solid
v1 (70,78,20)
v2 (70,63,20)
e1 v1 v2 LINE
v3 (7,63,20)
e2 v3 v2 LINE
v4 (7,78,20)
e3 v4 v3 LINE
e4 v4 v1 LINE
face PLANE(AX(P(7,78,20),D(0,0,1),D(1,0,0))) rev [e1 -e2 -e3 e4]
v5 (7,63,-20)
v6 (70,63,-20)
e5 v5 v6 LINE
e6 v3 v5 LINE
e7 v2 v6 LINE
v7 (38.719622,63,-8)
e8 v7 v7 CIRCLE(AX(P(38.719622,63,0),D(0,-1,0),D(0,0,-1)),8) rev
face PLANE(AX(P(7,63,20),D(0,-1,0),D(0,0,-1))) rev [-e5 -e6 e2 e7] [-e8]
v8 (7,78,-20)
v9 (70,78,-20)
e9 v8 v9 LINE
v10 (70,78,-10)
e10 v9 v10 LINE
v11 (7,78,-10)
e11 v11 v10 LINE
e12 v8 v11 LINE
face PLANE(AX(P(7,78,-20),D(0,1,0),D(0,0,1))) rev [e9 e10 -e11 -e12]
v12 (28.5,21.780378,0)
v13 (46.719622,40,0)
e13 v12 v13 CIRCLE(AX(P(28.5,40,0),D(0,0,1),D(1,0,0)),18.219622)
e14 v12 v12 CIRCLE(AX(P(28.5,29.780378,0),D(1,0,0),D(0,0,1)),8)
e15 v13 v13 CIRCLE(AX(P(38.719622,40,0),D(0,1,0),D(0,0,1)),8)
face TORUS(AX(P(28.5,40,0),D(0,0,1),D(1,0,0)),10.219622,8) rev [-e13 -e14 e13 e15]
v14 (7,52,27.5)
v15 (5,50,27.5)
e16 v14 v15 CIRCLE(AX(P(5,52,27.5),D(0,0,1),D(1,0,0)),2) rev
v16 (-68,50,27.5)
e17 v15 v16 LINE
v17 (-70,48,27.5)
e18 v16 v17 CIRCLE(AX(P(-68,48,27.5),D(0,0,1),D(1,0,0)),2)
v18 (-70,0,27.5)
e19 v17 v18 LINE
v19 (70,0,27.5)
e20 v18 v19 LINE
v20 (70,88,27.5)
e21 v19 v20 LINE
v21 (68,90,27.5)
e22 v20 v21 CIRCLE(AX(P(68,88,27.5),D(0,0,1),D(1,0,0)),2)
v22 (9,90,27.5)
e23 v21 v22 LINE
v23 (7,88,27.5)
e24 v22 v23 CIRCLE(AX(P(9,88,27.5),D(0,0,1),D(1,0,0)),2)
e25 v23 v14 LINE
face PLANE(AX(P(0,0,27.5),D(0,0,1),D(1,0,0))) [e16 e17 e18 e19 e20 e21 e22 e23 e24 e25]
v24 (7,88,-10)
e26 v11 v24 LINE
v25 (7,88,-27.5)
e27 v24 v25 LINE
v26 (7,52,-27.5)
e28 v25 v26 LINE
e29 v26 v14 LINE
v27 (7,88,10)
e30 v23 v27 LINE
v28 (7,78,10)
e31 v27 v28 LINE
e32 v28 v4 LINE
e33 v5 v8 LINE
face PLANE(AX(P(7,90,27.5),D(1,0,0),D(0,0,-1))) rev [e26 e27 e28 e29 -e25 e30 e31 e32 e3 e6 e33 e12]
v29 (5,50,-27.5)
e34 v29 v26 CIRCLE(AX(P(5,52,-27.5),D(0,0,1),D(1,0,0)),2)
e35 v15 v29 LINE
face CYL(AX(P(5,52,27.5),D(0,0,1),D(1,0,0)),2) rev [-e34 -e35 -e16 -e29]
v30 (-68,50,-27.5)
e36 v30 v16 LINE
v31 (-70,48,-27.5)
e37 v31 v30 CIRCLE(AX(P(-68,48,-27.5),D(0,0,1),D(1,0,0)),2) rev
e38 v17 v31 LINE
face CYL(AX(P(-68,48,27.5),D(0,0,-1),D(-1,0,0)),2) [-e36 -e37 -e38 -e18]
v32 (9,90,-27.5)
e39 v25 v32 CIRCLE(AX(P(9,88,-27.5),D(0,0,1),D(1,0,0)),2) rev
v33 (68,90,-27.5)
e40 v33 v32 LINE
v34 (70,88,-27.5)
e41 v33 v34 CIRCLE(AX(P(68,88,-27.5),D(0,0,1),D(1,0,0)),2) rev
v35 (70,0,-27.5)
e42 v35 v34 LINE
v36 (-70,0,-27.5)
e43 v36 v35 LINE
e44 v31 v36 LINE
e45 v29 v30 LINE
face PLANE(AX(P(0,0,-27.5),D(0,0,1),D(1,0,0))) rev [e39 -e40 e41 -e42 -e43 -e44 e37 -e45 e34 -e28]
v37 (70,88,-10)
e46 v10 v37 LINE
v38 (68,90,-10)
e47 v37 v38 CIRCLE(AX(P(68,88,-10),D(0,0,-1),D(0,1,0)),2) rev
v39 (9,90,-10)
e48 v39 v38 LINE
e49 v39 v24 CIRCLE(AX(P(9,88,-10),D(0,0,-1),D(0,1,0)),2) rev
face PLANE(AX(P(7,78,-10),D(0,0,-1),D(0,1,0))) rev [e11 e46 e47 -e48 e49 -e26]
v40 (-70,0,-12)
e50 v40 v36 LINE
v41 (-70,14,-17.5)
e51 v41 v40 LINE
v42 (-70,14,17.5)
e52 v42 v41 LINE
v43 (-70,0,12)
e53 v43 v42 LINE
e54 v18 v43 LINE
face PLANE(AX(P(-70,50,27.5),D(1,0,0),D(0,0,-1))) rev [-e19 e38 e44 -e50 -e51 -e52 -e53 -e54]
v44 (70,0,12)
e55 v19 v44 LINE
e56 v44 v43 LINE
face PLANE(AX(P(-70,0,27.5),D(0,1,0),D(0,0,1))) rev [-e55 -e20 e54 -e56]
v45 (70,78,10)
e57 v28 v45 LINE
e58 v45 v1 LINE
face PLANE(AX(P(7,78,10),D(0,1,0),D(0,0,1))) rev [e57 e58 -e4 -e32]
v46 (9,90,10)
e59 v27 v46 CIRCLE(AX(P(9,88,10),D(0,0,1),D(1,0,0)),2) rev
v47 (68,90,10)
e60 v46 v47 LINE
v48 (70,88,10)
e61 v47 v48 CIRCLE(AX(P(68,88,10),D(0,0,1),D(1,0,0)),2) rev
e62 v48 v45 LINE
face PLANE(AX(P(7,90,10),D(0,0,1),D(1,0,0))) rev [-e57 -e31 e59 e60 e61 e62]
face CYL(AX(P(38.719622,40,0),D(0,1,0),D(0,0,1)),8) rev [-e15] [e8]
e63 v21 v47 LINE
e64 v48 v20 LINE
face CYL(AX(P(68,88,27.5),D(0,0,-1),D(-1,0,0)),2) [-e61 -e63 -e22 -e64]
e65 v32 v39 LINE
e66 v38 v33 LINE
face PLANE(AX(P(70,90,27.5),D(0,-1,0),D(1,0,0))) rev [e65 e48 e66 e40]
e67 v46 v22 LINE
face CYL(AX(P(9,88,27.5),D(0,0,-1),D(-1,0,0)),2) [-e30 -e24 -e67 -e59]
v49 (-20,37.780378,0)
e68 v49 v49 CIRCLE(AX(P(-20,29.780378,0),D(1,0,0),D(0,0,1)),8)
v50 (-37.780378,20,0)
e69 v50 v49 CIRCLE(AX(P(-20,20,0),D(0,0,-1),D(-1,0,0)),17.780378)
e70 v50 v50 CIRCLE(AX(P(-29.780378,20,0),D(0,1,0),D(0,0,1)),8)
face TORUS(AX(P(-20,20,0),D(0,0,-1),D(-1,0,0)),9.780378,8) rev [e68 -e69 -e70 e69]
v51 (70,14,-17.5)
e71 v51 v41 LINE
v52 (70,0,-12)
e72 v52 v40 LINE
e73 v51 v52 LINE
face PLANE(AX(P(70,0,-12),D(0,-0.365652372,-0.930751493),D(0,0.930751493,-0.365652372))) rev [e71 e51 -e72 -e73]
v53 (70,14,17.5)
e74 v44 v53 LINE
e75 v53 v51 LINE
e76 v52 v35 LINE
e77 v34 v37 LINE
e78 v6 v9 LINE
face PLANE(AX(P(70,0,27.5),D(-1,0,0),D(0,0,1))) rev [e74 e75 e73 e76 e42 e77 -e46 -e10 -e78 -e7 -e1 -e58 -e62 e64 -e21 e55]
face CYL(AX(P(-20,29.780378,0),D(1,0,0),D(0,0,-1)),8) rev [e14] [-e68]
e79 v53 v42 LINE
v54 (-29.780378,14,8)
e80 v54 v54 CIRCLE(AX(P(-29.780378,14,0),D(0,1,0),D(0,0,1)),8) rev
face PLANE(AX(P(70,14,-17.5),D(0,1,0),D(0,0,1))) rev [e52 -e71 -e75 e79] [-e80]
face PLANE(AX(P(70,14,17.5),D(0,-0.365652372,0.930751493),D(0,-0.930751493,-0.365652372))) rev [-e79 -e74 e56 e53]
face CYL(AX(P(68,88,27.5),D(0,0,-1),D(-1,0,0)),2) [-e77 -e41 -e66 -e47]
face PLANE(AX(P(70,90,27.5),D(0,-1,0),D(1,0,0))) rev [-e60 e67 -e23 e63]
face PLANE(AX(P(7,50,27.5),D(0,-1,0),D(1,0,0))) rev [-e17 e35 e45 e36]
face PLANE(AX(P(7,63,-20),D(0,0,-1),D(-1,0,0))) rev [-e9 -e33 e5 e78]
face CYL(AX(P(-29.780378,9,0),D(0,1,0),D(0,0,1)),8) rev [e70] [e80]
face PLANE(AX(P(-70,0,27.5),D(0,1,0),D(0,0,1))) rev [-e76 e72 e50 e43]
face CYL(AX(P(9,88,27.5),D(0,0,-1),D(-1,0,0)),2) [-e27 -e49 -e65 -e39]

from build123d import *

# Parameters (mm, degrees)
BOSS_EXTRUDE1_DEPTH = 27.5
CUT_EXTRUDE1_DEPTH  = 169.689804078
CUT_EXTRUDE2_DEPTH  = 63
SKETCH7_R           = 8
FILLET1_R           = 2
FILLET2_R           = 2


with BuildPart() as part:
    # Sketch1 → Boss-Extrude1 (new, symmetric)
    with BuildSketch(Plane.XY):
        Polygon((-70, 0), (70, 0), (70, 90), (7, 90), (7, 50), (-70, 50), align=None)
    extrude(amount=BOSS_EXTRUDE1_DEPTH, both=True)

    # Sketch3 → Cut-Extrude1 (cut, through all)
    with BuildSketch(Plane.ZY.offset(70)):
        Polygon((-12, 0), (-17.5, 14), (17.5, 14), (12, 0), align=None)
    extrude(amount=-CUT_EXTRUDE1_DEPTH, mode=Mode.SUBTRACT)

    # Sketch5 → Cut-Extrude2 (cut)
    with BuildSketch(Plane(origin=(70, 0, 0), x_dir=(0, 0, -1), z_dir=(1, 0, 0))):
        Polygon((-10, 90), (-10, 78), (-20, 78), (-20, 63), (20, 63), (20, 78), (10, 78), (10, 90), align=None)
    extrude(amount=-CUT_EXTRUDE2_DEPTH, mode=Mode.SUBTRACT)

    # Cut-Sweep2: sweep along a path in Sketch6
    with BuildLine(Plane.XY) as cut_sweep2_path:
        Line((-30, 14), (-30, 20))
        ThreePointArc((-30, 20), (-27.071067812, 27.071067812), (-20, 30))
        Line((-20, 30), (28.5, 30))
        ThreePointArc((28.5, 30), (35.571067812, 32.928932188), (38.5, 40))
        Line((38.5, 40), (38.5, 63))
    # Sketch7 → Cut-Sweep2 (sweep, cut)
    with BuildSketch(Plane(origin=(38.5, 63, 0), x_dir=(1, 0, 0), z_dir=(0, 1, 0))):
        with Locations((0.219622083, 0)):
            Circle(SKETCH7_R)
    sweep(path=cut_sweep2_path.line, mode=Mode.SUBTRACT)

    # Fillet1
    fillet1_edges = [part.edges().sort_by_distance(p)[0] for p in [
        (-70, 50, 0),
        (7, 50, 0),
        (7, 90, 18.75),
        (7, 90, -18.75),
    ]]
    fillet(fillet1_edges, radius=FILLET1_R)

    # Fillet2
    fillet2_edges = [part.edges().sort_by_distance(p)[0] for p in [
        (70, 90, 18.75),
        (70, 90, -18.75),
    ]]
    fillet(fillet2_edges, radius=FILLET2_R)


solid = part.part
